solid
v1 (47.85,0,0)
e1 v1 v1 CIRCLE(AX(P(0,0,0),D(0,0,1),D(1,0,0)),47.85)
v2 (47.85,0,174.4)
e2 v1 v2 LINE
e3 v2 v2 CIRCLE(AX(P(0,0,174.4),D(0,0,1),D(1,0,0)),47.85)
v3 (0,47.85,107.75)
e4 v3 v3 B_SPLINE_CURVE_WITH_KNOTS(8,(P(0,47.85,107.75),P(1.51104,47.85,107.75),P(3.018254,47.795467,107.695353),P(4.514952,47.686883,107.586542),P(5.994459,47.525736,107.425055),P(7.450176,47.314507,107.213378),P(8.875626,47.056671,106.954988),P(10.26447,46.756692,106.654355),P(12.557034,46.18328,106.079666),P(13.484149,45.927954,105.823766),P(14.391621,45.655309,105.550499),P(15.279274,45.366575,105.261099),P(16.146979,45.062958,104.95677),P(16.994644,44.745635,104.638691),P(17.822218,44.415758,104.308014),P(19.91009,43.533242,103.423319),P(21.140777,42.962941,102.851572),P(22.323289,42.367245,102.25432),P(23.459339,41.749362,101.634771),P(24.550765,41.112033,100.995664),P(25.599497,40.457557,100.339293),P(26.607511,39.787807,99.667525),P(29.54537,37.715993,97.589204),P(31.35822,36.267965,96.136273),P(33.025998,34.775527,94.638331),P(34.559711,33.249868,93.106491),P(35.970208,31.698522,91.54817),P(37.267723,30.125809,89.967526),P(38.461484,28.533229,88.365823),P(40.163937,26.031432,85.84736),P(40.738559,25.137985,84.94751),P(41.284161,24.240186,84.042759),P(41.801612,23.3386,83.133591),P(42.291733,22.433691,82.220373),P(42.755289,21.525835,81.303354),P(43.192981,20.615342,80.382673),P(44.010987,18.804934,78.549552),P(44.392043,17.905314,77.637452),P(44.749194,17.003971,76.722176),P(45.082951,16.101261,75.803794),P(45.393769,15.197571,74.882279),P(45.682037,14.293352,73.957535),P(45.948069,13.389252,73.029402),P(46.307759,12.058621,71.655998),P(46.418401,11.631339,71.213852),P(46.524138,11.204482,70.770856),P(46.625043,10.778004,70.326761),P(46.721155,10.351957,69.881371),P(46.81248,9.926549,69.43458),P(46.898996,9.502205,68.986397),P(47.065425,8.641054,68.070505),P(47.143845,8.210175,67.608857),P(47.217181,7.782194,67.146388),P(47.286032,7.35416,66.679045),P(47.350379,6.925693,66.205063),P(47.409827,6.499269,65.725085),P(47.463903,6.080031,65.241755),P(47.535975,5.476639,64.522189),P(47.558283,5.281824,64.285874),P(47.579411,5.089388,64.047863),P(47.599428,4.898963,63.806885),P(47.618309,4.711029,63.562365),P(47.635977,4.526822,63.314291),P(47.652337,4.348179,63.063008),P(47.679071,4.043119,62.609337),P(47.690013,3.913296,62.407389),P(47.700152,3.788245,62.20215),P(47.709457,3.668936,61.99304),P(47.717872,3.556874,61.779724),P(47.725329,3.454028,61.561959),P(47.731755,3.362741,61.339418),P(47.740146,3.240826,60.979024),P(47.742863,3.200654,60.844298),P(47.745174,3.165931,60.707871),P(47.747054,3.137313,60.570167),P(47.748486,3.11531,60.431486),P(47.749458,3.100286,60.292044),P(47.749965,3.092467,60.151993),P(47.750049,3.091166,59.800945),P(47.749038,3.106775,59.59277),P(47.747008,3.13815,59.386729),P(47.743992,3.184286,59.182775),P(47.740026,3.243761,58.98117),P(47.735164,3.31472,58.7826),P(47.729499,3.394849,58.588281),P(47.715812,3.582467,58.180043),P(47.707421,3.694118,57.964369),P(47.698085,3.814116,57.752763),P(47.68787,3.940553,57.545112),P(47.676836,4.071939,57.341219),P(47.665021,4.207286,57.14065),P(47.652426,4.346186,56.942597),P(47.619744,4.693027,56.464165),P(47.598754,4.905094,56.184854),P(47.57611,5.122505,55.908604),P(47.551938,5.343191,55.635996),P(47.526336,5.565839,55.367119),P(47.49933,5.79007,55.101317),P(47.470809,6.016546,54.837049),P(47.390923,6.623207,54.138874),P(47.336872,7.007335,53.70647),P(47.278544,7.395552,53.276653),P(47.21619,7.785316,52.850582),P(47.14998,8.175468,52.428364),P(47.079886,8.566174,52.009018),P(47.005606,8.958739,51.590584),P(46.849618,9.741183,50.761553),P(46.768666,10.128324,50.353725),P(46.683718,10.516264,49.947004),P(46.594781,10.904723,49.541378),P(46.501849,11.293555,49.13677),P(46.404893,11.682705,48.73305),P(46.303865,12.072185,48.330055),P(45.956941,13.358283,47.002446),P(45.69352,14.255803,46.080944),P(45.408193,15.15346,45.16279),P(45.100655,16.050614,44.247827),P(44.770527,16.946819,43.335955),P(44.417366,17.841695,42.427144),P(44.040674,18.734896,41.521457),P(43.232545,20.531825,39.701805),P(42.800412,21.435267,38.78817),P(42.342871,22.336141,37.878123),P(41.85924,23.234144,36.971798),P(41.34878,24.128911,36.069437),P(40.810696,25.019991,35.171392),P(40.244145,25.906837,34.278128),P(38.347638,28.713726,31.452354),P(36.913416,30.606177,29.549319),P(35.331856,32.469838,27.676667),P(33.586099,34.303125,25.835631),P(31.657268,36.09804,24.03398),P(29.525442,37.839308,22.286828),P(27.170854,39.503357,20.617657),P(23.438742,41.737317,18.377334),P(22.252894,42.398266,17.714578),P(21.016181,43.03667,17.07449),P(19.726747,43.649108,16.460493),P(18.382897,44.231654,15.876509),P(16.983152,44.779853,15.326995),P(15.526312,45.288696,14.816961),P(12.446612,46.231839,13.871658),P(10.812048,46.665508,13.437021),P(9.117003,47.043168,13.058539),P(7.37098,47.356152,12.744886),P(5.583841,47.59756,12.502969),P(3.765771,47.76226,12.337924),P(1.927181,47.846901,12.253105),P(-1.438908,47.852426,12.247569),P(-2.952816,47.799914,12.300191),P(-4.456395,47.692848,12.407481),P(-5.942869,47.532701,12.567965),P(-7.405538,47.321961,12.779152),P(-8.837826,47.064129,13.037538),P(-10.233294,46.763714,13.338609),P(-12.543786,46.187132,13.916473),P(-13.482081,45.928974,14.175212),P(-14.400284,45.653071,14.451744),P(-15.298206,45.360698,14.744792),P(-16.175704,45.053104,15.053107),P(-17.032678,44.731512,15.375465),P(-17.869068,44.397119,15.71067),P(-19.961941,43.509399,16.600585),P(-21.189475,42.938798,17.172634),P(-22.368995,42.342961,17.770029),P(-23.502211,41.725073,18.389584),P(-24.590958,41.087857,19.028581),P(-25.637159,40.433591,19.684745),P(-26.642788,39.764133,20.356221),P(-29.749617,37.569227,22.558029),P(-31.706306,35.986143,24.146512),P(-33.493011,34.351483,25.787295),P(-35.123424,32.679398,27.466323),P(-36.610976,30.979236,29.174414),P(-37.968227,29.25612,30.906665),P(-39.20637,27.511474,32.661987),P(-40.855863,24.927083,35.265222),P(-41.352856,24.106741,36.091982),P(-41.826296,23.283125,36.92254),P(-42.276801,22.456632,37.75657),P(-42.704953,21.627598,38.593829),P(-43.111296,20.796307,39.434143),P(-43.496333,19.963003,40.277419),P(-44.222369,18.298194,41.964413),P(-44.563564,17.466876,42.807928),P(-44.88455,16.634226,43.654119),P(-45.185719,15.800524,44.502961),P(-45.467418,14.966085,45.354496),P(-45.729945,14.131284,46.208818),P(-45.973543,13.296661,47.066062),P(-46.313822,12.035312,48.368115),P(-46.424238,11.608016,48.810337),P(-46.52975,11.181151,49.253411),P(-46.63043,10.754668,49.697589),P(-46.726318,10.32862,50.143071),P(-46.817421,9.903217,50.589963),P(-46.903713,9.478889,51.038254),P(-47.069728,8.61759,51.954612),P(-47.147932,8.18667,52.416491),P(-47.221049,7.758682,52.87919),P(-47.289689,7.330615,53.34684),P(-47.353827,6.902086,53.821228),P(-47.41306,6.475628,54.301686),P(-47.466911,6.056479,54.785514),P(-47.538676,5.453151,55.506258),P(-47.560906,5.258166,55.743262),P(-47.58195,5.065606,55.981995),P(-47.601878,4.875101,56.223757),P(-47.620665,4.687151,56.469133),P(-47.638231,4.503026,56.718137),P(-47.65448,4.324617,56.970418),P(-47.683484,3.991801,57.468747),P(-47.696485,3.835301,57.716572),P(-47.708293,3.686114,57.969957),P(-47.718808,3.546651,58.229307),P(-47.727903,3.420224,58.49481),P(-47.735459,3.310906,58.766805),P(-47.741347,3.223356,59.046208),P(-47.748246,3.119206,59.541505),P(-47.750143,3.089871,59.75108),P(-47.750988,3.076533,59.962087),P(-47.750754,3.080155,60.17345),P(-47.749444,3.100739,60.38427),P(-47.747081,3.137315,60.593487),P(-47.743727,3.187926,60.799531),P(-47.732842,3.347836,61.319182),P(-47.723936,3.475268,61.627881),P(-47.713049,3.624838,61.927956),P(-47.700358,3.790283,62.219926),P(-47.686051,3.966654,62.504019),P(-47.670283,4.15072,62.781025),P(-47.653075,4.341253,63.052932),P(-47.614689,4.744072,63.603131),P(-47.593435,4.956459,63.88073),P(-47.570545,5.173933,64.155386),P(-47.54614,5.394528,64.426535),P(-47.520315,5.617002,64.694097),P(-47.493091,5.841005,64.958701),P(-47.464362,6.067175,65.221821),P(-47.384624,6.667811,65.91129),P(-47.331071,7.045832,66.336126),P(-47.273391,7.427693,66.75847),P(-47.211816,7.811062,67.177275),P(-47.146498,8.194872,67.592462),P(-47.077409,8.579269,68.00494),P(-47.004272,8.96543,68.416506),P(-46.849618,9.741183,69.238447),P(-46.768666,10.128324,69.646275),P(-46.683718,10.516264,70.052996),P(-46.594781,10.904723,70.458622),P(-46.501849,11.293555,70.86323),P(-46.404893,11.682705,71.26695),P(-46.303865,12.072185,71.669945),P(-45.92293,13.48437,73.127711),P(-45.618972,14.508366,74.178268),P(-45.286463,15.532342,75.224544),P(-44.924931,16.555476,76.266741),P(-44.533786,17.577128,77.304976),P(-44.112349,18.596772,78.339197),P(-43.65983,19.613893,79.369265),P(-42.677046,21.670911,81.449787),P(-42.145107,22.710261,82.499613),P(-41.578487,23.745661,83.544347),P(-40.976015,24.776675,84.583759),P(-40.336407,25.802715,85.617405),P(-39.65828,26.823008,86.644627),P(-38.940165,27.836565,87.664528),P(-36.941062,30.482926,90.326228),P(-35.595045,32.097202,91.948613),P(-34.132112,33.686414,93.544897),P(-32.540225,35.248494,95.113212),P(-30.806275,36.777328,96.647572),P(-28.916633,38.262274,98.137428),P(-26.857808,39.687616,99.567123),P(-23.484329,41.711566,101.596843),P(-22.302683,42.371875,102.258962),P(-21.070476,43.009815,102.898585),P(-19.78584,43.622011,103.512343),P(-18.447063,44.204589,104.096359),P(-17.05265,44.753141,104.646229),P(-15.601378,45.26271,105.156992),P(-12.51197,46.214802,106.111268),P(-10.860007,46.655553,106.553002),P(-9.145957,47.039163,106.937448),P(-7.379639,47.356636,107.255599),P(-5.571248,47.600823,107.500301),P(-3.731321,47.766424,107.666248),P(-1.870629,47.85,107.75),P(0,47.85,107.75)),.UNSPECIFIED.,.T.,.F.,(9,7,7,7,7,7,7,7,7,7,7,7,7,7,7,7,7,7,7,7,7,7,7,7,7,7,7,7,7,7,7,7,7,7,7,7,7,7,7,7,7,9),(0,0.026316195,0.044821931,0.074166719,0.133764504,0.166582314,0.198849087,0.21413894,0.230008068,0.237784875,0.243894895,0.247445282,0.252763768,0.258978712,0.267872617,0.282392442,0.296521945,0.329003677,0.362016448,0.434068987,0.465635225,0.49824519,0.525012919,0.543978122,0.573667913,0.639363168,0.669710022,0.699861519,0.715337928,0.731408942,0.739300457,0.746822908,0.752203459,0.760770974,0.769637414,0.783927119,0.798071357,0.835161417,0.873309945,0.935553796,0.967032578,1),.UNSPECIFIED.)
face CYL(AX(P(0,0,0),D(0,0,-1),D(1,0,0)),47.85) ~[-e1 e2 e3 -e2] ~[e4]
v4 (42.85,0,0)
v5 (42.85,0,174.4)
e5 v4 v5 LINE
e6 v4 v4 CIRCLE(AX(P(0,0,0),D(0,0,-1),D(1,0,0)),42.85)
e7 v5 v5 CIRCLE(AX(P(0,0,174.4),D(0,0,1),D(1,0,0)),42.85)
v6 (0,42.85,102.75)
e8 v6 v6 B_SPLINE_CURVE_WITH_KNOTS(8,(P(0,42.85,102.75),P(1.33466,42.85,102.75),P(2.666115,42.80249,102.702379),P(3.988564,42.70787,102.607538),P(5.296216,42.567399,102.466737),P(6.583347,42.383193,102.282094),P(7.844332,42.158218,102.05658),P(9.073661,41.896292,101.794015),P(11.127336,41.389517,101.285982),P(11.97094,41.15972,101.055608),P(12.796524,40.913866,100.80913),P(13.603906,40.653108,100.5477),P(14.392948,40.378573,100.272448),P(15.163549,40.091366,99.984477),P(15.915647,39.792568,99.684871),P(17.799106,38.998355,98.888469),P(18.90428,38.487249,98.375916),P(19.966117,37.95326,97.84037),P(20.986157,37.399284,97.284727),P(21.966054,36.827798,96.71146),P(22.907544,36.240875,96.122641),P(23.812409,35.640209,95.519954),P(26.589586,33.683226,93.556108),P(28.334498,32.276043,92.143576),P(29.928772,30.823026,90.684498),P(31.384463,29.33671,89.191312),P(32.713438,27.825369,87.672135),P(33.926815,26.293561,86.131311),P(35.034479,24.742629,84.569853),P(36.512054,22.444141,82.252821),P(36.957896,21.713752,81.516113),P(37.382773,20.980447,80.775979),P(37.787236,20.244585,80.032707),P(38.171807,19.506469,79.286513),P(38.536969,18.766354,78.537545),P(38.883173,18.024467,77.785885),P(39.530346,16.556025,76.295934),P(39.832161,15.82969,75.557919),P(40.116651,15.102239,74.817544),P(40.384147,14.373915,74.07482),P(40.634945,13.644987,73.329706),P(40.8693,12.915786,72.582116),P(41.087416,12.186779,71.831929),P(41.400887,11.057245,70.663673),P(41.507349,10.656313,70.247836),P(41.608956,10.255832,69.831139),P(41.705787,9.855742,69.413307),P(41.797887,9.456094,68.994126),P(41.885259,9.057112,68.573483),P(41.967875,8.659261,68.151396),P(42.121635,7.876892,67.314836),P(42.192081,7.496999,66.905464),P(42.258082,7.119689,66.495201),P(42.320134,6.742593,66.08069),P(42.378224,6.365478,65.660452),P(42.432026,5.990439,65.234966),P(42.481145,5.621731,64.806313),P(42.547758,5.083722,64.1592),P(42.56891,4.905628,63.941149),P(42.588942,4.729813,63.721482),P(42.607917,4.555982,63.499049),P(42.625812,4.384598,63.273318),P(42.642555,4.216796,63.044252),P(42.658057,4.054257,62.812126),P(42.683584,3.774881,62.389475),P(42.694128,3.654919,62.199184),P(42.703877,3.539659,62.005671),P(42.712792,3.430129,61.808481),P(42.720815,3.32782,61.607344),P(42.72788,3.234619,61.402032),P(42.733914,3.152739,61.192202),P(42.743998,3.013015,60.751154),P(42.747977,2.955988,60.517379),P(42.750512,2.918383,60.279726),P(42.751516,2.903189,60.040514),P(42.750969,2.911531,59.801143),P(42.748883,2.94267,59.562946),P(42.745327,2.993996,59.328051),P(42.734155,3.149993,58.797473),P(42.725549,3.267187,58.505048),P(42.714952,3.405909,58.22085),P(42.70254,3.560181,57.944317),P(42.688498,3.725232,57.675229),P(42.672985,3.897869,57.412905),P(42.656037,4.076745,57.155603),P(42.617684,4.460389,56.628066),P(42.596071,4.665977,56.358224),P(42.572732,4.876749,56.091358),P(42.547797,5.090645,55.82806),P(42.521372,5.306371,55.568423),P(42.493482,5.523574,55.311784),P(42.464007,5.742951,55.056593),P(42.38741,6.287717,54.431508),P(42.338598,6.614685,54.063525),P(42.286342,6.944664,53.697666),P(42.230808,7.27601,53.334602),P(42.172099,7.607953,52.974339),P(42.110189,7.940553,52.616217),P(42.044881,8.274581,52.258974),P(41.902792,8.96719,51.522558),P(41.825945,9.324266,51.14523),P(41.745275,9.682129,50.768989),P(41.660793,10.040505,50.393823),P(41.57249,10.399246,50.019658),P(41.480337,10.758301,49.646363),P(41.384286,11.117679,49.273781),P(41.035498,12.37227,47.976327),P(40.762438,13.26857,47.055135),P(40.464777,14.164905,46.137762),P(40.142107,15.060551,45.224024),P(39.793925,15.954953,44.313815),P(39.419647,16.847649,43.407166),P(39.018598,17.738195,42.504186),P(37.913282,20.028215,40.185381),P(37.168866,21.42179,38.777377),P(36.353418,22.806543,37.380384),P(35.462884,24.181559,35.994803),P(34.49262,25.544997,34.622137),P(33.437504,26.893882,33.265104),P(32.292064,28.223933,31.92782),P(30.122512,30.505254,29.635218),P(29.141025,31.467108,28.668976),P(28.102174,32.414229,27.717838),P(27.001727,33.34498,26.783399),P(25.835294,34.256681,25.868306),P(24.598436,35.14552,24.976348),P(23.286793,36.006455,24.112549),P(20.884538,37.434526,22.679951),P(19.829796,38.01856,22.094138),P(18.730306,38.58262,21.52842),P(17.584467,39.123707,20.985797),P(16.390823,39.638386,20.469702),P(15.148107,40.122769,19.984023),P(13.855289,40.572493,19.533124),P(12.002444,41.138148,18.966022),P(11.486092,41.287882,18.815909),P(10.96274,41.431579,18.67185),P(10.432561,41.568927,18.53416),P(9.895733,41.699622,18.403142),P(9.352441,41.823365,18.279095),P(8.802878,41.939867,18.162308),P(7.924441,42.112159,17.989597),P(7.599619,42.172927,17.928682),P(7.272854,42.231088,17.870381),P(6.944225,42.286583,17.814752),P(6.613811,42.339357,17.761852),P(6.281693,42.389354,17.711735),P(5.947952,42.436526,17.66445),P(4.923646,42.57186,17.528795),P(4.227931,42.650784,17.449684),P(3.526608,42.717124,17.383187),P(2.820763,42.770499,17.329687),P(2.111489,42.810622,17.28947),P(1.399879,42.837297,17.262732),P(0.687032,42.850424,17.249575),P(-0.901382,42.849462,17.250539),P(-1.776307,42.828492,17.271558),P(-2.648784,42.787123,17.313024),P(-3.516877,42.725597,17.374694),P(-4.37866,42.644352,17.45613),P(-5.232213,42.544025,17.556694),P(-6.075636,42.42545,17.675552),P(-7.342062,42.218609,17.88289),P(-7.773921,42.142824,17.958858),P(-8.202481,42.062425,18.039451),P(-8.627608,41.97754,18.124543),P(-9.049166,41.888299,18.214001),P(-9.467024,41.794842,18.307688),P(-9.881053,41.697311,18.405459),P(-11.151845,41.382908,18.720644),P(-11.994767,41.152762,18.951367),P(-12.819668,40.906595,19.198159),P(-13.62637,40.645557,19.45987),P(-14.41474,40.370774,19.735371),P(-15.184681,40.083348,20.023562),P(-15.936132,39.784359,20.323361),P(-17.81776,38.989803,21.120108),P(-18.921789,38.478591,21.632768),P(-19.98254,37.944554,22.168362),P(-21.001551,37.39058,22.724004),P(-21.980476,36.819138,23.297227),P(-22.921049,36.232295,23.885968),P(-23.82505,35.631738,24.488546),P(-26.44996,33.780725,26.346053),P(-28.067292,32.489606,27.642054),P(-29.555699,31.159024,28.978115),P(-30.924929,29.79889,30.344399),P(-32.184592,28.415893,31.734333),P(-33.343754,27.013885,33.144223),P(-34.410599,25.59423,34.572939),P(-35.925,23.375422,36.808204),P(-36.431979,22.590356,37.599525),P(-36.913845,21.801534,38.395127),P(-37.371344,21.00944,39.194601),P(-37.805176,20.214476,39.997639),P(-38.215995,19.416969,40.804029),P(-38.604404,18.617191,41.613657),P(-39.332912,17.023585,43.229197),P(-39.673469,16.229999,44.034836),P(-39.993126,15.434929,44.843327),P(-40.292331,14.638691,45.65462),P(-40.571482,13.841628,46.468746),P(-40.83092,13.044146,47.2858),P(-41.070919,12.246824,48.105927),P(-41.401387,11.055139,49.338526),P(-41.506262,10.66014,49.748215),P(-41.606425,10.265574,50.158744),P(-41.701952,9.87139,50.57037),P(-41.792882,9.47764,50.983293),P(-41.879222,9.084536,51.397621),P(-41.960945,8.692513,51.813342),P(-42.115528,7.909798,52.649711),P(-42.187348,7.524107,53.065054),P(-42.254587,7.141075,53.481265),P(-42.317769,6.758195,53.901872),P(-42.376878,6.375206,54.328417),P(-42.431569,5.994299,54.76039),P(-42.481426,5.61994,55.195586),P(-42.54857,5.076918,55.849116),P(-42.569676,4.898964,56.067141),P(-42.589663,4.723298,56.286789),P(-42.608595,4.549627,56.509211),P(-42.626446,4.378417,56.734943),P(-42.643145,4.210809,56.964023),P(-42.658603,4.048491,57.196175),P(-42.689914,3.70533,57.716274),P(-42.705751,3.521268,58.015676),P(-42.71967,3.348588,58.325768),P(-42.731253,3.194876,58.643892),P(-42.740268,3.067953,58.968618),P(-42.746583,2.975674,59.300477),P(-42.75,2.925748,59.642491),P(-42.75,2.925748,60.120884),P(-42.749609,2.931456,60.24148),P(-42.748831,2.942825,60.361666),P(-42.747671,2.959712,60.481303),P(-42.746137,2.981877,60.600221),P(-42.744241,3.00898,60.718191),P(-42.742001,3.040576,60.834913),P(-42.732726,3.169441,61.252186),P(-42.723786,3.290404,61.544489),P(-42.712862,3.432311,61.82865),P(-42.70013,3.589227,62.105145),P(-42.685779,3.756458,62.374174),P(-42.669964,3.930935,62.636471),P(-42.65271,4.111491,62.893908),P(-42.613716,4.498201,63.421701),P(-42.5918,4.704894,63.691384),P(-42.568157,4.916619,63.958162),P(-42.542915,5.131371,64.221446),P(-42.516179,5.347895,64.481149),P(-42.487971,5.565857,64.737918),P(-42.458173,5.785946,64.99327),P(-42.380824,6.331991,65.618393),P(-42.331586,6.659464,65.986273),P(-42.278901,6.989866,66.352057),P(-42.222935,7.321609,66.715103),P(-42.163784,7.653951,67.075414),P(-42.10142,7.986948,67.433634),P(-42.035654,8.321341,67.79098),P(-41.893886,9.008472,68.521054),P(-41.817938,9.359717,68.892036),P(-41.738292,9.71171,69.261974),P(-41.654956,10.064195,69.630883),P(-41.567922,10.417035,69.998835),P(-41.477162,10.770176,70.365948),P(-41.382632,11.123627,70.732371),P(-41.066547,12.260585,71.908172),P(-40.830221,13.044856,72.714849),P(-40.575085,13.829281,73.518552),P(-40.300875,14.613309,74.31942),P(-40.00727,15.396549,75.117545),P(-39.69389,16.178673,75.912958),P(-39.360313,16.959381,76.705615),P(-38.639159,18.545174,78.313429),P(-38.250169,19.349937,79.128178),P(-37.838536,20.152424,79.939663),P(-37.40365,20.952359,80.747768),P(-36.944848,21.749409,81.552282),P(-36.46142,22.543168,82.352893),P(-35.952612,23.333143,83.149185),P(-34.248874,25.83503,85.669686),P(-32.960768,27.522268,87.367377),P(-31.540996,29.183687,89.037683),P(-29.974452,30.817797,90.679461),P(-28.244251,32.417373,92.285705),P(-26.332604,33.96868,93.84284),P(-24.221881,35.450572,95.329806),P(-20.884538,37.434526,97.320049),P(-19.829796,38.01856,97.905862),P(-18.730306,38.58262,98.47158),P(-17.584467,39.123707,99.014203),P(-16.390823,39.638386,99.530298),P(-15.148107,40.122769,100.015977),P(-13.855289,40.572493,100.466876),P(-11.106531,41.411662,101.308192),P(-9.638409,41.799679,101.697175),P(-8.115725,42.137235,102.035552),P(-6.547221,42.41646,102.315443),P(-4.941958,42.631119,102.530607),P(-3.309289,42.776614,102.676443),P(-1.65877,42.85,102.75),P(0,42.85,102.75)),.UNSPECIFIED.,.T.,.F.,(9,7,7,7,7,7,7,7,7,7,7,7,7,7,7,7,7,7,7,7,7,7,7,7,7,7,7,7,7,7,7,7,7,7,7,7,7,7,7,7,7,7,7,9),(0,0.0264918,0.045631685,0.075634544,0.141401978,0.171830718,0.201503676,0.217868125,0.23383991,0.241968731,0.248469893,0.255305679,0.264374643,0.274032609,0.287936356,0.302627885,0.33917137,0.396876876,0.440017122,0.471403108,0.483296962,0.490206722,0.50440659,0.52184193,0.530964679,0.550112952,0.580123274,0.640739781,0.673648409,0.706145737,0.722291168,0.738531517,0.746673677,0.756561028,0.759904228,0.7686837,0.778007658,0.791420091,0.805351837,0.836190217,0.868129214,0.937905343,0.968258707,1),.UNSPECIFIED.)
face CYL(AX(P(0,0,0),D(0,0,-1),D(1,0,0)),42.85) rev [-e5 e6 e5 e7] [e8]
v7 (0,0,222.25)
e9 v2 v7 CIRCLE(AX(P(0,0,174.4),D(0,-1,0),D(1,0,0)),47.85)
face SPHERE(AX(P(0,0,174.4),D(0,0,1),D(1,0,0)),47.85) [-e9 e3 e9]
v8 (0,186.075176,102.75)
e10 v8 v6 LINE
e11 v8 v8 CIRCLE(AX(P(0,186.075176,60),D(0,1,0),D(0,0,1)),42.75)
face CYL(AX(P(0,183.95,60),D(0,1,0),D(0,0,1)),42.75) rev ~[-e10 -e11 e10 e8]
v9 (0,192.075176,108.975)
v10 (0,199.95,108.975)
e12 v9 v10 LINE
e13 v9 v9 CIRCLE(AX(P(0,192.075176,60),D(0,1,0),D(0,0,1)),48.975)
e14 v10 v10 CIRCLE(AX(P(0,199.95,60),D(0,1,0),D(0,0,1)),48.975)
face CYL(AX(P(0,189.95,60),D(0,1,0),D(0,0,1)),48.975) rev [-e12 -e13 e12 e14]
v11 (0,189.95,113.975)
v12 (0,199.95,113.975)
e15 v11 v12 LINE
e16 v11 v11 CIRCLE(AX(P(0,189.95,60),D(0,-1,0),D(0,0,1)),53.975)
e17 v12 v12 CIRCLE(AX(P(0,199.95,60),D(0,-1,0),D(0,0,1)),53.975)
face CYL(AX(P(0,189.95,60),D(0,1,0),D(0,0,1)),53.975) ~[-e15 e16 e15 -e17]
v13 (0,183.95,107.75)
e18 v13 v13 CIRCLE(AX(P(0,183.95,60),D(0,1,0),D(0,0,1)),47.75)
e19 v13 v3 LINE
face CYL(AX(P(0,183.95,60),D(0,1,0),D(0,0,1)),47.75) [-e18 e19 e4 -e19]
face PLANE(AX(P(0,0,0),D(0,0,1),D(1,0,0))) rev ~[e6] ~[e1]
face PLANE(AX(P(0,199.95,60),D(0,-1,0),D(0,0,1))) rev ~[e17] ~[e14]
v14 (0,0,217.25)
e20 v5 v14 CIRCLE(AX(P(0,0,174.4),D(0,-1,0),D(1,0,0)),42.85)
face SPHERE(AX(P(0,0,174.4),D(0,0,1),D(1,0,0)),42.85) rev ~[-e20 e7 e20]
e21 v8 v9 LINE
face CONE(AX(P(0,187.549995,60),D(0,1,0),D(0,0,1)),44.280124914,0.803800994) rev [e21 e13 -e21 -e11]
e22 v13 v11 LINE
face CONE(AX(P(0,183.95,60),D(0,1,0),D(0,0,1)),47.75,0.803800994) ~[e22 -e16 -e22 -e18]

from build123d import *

# Parameters (mm, degrees)
SKETCH1_R           = 47.85
BOSS_EXTRUDE1_DEPTH = 222.25
SKETCH2_R           = 47.75
BOSS_EXTRUDE2_DEPTH = 183.95
FILLET1_R           = 47.85
SHELL1_T            = -5


with BuildPart() as part:
    # Sketch1 → Boss-Extrude1 (new body)
    with BuildSketch(Plane.XY):
        Circle(SKETCH1_R)
    extrude(amount=BOSS_EXTRUDE1_DEPTH)

    # Sketch2 → Boss-Extrude2 (add)
    with BuildSketch(Plane(origin=(0, 183.95, 0), x_dir=(1, 0, 0), z_dir=(0, 1, 0))):
        with Locations(Location((0, -60, 0), (0, 0, 270))):
            Circle(SKETCH2_R)
    extrude(amount=-BOSS_EXTRUDE2_DEPTH)

    # Sketch5 → Revolve3 (revolve)
    with BuildSketch(Plane(origin=(0, 0, 0), x_dir=(0, 0, -1), z_dir=(1, 0, 0)), mode=Mode.PRIVATE) as revolve3_sk:
        Polygon((-60, 183.95), (-12.25, 183.95), (-6.025, 189.95), (-6.025, 199.95), (-60, 199.95), align=None)
    revolve(revolve3_sk.sketch.rotate(Axis((0, 199.95, 60), (0, -1, 0)), 180), axis=Axis((0, 199.95, 60), (0, -1, 0)))

    # Fillet1
    fillet1_edges = [part.edges().sort_by_distance(p)[0] for p in [
        (-47.85, 0, 222.25),
    ]]
    fillet(fillet1_edges, radius=FILLET1_R)

    # Shell1
    shell1_openings = [part.faces().sort_by_distance(p)[0] for p in [
        (0, 199.95, 60),
        (0, 0, 0),
    ]]
    offset(amount=SHELL1_T, openings=shell1_openings, kind=Kind.INTERSECTION)


solid = part.part
